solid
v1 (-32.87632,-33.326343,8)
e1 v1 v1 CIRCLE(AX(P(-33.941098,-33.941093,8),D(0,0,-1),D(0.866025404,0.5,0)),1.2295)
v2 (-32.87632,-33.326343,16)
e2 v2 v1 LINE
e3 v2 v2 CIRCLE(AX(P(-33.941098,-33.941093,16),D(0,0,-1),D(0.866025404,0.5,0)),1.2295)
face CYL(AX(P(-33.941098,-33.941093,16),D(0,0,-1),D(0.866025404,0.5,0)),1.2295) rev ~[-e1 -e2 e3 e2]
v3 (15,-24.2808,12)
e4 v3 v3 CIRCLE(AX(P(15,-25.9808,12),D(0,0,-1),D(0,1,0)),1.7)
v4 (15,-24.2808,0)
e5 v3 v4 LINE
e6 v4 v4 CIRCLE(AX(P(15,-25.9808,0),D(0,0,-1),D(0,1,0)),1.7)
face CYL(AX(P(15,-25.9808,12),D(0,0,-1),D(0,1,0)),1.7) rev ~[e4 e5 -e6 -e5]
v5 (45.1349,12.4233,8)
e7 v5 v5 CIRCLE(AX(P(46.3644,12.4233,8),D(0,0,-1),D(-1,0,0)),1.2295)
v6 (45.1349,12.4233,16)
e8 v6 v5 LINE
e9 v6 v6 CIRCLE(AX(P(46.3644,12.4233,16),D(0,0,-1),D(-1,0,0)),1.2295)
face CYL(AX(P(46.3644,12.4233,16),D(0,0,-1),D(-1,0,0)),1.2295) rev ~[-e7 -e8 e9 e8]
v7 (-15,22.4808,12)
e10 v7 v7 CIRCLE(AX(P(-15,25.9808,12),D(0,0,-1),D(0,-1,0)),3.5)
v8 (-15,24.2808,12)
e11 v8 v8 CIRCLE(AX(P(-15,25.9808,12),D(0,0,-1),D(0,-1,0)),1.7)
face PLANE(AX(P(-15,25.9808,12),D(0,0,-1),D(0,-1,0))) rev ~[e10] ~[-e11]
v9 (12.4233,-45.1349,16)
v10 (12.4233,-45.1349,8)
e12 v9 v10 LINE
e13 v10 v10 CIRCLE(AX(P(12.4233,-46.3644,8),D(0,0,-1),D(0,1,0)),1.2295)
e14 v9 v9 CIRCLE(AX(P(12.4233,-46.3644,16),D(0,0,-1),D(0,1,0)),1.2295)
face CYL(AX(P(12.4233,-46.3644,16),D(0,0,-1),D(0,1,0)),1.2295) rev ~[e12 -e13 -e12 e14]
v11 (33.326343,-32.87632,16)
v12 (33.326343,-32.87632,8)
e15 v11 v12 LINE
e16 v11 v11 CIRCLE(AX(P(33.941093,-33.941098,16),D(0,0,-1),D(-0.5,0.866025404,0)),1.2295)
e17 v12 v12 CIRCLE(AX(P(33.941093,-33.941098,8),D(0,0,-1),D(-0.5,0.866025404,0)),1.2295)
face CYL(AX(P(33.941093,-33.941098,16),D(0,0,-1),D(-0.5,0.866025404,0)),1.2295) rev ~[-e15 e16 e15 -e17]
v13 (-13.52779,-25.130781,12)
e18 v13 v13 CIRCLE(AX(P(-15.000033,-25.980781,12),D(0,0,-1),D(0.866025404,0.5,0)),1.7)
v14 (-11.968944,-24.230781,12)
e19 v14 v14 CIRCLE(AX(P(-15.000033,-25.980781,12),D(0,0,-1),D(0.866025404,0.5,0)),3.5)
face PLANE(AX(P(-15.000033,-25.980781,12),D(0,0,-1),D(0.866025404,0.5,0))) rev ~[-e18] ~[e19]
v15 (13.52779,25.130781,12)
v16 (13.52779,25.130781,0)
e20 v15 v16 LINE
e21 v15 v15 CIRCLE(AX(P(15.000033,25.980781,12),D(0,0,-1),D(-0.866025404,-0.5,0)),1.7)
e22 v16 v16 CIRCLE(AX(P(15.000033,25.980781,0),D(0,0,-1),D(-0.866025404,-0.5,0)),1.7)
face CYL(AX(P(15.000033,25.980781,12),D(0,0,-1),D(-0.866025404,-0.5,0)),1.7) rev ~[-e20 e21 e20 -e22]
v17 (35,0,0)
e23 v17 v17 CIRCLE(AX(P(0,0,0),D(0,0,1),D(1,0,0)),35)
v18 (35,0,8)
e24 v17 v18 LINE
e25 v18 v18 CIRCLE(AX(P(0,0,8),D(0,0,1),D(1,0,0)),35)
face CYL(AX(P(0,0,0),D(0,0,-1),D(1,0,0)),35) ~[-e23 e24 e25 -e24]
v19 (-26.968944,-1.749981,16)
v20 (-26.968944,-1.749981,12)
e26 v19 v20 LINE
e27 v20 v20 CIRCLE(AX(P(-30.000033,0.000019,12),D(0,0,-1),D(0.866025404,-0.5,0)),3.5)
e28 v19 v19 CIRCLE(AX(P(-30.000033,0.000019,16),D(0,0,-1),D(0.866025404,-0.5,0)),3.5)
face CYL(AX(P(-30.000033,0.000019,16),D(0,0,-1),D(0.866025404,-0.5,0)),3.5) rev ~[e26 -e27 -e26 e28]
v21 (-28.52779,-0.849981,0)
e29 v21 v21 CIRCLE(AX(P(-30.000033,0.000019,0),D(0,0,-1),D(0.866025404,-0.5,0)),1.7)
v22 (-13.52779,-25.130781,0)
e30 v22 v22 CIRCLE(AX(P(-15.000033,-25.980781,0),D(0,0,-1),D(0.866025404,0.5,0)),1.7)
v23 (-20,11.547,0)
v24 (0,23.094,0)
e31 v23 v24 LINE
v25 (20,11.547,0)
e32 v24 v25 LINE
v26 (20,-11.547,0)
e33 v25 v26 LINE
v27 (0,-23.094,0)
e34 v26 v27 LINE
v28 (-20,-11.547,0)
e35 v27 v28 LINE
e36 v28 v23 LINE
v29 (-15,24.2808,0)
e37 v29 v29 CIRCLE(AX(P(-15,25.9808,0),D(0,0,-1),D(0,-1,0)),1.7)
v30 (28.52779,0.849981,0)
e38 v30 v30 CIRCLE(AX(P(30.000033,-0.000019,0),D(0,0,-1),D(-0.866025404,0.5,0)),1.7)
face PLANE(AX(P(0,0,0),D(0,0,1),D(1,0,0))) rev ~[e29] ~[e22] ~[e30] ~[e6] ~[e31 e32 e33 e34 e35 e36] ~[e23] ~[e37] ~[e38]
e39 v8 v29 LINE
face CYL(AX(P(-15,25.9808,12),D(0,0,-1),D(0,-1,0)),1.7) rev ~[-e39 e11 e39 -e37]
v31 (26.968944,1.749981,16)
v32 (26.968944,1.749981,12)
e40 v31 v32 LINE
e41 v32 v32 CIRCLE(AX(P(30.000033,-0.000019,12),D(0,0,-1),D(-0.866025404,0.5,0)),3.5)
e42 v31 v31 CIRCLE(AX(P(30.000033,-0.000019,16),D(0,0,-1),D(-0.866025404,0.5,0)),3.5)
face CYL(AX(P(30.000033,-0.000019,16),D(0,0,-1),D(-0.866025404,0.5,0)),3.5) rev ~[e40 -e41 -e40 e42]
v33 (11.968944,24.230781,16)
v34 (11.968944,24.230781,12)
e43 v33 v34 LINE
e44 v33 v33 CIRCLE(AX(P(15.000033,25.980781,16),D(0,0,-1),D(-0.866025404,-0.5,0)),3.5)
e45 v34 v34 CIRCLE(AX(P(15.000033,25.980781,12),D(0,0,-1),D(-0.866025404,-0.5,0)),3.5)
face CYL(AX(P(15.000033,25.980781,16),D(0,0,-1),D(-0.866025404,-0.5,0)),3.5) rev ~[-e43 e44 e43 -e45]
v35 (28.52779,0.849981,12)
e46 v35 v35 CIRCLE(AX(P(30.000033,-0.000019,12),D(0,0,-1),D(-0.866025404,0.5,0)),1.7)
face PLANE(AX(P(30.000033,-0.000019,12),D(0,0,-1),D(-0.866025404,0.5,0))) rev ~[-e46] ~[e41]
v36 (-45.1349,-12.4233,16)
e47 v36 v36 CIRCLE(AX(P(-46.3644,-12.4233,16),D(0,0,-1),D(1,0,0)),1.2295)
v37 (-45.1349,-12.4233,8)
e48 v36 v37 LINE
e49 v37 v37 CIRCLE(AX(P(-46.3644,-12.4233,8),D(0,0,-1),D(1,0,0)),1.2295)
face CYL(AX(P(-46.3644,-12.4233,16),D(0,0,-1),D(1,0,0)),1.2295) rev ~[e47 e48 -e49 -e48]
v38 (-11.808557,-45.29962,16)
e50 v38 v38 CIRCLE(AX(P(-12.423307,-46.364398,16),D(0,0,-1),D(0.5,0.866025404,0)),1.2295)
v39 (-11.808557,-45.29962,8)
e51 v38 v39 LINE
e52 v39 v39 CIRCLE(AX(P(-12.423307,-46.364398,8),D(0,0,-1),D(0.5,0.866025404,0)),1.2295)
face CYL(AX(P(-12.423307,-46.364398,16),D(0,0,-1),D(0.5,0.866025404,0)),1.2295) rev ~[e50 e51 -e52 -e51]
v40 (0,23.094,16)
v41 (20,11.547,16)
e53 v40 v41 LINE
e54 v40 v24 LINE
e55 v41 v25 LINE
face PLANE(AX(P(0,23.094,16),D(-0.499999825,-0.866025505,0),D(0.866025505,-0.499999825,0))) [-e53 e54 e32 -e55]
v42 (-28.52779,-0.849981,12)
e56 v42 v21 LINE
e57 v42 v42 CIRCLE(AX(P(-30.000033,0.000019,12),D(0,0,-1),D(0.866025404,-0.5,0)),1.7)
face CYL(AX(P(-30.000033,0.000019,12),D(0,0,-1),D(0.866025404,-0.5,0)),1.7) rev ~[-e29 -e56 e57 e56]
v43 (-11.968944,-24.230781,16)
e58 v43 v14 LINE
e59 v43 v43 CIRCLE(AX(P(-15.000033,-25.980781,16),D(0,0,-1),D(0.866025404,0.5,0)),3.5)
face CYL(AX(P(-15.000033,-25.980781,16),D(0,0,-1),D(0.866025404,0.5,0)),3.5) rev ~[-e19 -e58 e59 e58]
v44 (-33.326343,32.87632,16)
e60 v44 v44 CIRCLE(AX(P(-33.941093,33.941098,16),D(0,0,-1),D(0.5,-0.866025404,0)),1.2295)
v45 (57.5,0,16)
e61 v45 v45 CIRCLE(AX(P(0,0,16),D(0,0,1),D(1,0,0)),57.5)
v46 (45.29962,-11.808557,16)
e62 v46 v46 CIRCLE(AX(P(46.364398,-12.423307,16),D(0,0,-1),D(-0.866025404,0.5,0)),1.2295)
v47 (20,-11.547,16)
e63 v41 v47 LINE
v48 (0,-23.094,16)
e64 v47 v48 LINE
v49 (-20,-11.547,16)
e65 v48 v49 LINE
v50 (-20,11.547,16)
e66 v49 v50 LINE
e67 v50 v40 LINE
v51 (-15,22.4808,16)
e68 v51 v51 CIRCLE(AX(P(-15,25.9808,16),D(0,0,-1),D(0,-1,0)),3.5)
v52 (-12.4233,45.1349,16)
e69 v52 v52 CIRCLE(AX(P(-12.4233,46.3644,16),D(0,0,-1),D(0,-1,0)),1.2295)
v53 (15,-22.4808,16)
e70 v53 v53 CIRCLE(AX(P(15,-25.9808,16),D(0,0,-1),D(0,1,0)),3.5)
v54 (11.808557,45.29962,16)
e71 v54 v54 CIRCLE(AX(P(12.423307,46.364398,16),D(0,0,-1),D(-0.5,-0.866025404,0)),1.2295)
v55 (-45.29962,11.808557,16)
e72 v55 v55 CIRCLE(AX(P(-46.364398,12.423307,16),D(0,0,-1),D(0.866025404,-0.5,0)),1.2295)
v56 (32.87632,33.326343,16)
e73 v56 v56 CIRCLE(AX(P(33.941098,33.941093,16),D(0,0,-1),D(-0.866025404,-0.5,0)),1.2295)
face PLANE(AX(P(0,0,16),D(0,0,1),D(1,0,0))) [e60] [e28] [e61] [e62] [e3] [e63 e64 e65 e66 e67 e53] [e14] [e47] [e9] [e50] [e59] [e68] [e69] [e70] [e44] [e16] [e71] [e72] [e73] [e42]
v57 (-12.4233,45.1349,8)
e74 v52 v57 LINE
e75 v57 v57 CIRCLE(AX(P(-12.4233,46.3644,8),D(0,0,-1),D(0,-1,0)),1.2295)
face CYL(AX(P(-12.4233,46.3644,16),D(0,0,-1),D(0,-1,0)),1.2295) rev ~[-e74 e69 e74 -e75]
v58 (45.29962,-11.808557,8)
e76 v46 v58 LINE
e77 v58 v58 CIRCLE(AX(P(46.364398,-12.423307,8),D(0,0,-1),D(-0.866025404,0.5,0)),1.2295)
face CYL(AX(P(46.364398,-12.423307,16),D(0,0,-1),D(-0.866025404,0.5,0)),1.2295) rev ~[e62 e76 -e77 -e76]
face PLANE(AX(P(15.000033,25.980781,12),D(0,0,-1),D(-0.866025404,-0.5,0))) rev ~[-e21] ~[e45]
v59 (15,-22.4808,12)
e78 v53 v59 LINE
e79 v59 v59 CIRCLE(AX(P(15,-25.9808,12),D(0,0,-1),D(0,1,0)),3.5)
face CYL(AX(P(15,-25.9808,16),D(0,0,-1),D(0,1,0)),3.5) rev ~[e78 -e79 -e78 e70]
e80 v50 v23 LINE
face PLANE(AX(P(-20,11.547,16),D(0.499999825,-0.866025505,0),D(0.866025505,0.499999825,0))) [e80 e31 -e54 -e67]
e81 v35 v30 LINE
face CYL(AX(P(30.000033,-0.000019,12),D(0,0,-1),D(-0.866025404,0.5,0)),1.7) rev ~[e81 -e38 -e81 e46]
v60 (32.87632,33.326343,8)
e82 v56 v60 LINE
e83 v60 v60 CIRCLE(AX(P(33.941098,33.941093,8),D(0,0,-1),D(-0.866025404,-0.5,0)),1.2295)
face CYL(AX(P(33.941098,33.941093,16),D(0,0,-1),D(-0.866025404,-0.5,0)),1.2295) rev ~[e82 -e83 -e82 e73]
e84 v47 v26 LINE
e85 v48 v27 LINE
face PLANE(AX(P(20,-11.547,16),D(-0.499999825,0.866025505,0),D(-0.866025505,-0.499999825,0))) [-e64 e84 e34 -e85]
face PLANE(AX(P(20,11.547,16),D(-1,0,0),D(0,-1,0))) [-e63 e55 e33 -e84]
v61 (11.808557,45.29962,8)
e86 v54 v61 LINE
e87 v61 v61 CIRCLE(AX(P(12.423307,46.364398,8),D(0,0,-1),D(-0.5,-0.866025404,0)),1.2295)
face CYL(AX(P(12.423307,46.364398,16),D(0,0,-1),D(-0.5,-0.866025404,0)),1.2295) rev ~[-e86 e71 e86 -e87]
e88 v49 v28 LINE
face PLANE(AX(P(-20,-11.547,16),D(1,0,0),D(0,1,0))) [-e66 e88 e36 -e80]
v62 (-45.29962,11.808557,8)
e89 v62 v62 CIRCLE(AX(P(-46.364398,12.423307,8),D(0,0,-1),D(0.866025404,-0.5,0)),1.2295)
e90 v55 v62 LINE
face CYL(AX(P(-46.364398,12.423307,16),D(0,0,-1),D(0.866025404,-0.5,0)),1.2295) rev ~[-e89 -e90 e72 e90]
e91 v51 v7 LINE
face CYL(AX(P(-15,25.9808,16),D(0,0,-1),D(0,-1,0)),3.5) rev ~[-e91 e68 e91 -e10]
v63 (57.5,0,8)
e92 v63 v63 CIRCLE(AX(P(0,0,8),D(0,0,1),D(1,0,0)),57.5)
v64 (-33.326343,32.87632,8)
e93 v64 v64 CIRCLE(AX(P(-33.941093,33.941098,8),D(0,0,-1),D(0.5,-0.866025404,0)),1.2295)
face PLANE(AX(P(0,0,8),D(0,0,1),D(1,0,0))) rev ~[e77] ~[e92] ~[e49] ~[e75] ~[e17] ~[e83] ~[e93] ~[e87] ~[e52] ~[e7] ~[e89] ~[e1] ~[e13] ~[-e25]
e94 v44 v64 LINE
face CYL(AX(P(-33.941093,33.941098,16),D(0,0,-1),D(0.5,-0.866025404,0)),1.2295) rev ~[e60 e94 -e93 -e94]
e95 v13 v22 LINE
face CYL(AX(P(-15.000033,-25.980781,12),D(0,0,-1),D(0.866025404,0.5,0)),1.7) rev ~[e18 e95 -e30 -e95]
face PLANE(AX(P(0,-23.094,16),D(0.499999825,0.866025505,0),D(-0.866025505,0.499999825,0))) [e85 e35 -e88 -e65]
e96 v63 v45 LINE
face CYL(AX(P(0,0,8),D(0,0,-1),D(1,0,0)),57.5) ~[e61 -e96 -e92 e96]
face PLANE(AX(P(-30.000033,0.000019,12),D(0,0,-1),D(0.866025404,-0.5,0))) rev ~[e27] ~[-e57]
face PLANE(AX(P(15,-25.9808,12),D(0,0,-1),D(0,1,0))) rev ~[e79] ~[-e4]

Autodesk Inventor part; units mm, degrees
ref_plane "YZ Plane" through (0, 0, 0) normal (1, 0, 0) x (0, 1, 0)
ref_plane "XZ Plane" through (0, 0, 0) normal (0, 1, 0) x (-1, 0, 0)
ref_plane "XY Plane" through (0, 0, 0) normal (0, 0, 1) x (1, 0, 0)
sketch "Sketch1" plane through (0, 0, 0) normal (0, 0, 1) x (1, 0, 0)
  circle A0 centre (0, 0) radius 35
  point P0 (0, 35)
  point P1 (0, -35)
  dimension "d0" = 70
extrude "Extrusion1" add sketch "Sketch1" along normal blind 8
sketch "Sketch3" plane through (0, 0, 8) normal (0, 0, 1) x (1, 0, 0)
  circle A0 centre (0, 0) radius 57.5
  dimension "d8" = 115
extrude "Extrusion3" add sketch "Sketch3" along normal blind 8
sketch "Sketch7" plane through (0, 0, 16) normal (0, 0, 1) x (1, 0, 0)
  line L0 (-15, 25.9808) -> (0, 0)
  line L1 (0, 80.5) -> (0, -80.5) projected
  dimension "d25" = 30
  dimension "d26" = 30
hole "Hole2" at (-15, 25.9808, 16) direction (0, 0, -1) diameter 3.4 end through all counterbore diameter 7 counterbore depth 4 clearance for "Hex Head Cap Screw DIN EN 24017" size "M3" standard "DIN"
pattern_circular "Circular Pattern1" count 6 over 360 about axis through (0, 0, -10) along (0, 0, 1) of "Hole2"
sketch "Sketch12" plane through (0, 0, 16) normal (0, 0, 1) x (1, 0, 0)
  line L0 (-12.4233, 46.3644) -> (0, 0)
  line L1 (0, 80.5) -> (0, -80.5) projected
  dimension "d77" = 15
  dimension "d78" = 48
hole "Hole6" at (-12.4233, 46.3644, 16) direction (0, 0, -1) diameter 2.459 end through all thread size "M3x0.5" class "6H" standard "ISO Metric profile"
pattern_circular "Circular Pattern2" count 12 over 360 about axis through (0, 0, -10) along (0, 0, 1) of "Hole6"
sketch "Sketch8" plane through (0, 0, 16) normal (0, 0, 1) x (1, 0, 0)
  line L0 (0, 23.094) -> (20, 11.547)
  line L1 (20, 11.547) -> (20, -11.547)
  line L2 (20, -11.547) -> (0, -23.094)
  line L3 (0, -23.094) -> (-20, -11.547)
  line L4 (-20, -11.547) -> (-20, 11.547)
  line L5 (-20, 11.547) -> (0, 23.094)
  point P0 (0, 0)
  point P1 (0, 0)
  dimension "d37" = 40
extrude "Extrusion4" cut sketch "Sketch8" against normal through all
properties part number "201-"
